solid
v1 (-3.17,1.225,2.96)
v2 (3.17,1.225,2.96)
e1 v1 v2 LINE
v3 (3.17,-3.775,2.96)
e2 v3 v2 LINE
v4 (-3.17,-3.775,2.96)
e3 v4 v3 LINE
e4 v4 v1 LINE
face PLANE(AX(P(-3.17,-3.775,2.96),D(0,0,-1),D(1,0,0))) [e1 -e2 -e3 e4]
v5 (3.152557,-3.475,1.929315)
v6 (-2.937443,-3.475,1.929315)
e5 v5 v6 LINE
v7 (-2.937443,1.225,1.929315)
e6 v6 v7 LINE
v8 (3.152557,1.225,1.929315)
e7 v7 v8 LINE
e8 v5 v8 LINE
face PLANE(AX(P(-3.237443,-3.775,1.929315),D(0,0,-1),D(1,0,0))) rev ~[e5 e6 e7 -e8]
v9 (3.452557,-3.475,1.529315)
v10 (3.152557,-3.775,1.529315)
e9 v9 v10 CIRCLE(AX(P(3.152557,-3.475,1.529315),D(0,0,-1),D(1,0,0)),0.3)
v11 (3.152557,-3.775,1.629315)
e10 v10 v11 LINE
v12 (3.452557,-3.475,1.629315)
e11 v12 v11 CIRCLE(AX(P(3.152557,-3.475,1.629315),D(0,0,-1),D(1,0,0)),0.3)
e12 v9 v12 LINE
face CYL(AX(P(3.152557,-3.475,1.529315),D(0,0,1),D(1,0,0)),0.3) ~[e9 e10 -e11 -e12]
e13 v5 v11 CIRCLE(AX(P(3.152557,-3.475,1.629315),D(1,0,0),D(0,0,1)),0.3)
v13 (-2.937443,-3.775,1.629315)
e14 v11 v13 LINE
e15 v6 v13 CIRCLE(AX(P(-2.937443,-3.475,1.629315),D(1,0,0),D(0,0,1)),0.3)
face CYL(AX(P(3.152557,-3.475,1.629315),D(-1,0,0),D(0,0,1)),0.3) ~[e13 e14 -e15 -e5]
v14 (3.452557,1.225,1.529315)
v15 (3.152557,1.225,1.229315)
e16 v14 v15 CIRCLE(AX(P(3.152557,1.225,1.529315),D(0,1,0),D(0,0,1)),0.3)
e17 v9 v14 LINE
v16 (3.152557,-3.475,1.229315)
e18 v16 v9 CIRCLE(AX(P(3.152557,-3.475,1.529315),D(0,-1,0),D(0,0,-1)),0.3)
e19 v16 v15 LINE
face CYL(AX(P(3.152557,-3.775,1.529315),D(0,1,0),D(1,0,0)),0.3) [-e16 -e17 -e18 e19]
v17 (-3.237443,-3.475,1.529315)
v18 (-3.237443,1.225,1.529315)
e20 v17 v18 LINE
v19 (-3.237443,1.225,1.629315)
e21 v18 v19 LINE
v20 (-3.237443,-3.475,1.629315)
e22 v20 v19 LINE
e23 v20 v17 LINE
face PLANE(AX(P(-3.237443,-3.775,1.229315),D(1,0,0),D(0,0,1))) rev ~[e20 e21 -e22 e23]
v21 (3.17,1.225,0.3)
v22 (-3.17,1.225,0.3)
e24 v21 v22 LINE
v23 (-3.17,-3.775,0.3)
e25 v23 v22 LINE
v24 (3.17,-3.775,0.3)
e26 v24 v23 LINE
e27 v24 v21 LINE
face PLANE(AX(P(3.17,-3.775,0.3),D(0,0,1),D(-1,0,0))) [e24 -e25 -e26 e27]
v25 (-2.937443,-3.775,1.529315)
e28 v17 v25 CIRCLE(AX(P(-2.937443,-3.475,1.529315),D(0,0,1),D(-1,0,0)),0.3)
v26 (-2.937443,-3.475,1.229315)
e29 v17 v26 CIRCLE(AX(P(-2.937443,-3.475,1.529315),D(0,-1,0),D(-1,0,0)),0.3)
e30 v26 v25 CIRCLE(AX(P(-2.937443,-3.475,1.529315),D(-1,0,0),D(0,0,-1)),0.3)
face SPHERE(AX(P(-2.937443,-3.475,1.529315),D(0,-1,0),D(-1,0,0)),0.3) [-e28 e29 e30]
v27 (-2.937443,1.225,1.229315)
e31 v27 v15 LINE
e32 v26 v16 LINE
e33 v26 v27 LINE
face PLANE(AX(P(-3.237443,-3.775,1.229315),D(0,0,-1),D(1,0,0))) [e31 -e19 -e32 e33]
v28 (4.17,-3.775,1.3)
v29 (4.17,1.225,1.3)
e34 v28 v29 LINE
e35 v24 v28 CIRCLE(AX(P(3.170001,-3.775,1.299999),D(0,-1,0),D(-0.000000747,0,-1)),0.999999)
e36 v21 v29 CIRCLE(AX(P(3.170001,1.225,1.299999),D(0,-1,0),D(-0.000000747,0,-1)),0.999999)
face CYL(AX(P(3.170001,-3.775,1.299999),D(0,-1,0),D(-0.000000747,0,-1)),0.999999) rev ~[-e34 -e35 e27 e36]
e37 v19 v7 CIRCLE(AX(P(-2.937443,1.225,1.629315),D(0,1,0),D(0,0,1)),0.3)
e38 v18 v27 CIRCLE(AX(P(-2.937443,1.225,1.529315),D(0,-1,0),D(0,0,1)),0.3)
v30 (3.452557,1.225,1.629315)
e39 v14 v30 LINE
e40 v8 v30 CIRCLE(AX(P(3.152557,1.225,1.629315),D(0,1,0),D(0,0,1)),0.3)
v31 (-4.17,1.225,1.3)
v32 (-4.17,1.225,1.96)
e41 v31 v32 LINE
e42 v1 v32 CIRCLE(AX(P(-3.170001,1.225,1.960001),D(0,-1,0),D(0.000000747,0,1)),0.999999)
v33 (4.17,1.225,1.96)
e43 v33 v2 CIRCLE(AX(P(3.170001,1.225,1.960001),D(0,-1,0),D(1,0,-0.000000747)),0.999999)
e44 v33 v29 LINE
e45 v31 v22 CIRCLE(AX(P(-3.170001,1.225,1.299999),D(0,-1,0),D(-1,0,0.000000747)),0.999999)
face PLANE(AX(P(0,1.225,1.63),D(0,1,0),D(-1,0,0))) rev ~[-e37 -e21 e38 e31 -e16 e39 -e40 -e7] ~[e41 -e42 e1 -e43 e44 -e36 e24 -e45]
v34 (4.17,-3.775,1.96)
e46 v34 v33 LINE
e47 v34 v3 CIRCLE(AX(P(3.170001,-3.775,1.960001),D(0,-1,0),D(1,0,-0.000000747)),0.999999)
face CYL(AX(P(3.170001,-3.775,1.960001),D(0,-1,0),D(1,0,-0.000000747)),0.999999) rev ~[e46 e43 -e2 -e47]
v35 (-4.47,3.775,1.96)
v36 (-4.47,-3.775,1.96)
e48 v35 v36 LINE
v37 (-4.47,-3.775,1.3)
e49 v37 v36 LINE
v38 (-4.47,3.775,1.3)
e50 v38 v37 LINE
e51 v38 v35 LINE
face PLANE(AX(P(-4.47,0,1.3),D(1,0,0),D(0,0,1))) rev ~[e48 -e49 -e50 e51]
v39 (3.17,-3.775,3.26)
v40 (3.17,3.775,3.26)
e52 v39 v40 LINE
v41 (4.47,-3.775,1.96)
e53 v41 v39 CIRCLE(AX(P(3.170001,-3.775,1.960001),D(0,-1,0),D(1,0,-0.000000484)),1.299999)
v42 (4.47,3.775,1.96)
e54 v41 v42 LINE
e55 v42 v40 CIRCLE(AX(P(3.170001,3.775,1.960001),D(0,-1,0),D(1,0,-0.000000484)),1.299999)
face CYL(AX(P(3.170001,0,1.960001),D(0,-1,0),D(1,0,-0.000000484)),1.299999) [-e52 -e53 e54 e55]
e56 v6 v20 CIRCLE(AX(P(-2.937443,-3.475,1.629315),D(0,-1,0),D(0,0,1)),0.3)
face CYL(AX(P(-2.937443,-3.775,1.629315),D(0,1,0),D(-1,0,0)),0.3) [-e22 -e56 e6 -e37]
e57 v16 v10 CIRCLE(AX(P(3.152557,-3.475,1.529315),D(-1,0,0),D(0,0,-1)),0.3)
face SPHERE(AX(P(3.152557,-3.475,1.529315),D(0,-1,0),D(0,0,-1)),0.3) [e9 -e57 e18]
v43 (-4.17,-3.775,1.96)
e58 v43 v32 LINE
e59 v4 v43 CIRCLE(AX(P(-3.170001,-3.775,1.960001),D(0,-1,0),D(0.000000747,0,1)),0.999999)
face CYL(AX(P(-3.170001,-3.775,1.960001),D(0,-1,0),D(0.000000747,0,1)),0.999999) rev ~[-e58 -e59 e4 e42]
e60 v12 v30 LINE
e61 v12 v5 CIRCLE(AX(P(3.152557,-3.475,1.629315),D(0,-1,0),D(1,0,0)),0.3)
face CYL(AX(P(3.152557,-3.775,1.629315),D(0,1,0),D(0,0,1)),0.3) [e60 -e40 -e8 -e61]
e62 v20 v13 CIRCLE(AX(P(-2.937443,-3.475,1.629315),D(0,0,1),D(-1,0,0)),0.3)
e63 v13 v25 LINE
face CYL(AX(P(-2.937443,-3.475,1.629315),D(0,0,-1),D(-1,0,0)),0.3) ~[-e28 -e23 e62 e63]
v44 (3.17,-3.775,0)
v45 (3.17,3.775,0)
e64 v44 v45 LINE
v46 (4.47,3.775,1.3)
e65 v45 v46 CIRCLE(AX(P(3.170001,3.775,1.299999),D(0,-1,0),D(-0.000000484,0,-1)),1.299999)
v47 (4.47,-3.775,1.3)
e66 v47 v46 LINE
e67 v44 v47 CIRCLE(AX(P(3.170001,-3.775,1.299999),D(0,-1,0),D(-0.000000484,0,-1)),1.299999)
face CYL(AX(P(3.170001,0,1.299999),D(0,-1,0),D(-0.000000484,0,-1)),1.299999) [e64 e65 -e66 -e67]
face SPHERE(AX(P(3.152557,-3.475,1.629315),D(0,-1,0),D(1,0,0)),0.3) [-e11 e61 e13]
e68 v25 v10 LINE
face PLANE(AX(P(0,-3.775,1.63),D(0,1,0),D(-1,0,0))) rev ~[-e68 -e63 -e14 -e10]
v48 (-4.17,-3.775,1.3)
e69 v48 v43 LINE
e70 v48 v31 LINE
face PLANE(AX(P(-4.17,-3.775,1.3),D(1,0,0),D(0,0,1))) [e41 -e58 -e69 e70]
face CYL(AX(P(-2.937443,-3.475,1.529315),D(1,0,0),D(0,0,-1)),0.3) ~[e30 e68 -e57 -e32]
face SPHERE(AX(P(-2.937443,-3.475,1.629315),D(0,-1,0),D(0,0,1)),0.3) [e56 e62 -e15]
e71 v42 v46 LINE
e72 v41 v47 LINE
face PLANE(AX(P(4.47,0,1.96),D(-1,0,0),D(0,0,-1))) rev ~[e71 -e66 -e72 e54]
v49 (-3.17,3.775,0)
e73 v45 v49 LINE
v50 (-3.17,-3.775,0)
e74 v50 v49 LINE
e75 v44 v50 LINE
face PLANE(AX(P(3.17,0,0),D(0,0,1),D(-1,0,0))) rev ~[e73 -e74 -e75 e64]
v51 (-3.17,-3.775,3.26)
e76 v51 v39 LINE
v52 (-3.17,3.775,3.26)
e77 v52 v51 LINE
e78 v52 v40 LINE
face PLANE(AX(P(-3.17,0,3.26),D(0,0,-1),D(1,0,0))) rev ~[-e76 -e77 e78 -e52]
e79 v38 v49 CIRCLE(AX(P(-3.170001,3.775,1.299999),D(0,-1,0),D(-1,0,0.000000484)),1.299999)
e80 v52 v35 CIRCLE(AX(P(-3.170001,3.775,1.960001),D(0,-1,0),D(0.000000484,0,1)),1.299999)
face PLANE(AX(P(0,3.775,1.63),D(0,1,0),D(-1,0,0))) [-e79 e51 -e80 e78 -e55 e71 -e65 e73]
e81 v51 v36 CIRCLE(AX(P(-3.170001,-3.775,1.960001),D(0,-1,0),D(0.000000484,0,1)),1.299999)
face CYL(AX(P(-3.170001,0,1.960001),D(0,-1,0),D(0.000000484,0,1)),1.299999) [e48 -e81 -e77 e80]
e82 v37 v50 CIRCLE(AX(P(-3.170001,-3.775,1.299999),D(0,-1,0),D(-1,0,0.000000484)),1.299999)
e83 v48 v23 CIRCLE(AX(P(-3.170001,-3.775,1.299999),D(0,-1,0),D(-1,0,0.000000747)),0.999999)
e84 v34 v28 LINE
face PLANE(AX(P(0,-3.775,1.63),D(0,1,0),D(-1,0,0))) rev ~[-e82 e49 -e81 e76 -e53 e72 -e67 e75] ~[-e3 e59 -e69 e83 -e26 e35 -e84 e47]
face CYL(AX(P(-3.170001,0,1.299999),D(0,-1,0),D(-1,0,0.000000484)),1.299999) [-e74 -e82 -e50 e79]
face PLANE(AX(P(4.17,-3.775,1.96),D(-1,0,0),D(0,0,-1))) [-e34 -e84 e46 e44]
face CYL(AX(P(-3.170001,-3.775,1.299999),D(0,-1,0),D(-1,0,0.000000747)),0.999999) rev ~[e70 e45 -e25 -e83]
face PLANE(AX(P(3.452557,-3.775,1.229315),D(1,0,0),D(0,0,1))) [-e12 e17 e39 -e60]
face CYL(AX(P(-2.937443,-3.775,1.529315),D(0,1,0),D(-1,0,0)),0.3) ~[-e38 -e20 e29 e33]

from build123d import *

# Parameters (mm, degrees)
PAD_DEPTH    = 3.775
SKETCH001_W  = 6.69
SKETCH001_H  = 0.7
POCKET_DEPTH = 5
FILLET_R     = 0.3
FILLET001_R  = 0.3


with BuildPart() as part:
    # Sketch → Pad (new body, symmetric)
    with BuildSketch(Plane.XZ):
        with BuildLine():
            Line((-3.17, 3.26), (3.17, 3.26))
            ThreePointArc((4.47, 1.96), (4.089239, 2.879239), (3.17, 3.26))
            Line((4.47, 1.96), (4.47, 1.3))
            ThreePointArc((3.17, 0), (4.089239, 0.380761), (4.47, 1.3))
            Line((3.17, 0), (-3.17, 0))
            ThreePointArc((-4.47, 1.3), (-4.089239, 0.380761), (-3.17, 0))
            Line((-4.47, 1.3), (-4.47, 1.96))
            ThreePointArc((-3.17, 3.26), (-4.089239, 2.879239), (-4.47, 1.96))
        make_face()
    extrude(amount=PAD_DEPTH, both=True)

    # Sketch001 (on Face10 of Pad) → Pocket (cut)
    with BuildSketch(Plane.XZ.offset(3.775)):
        with BuildLine():
            Line((-3.17, 2.96), (3.17, 2.96))
            ThreePointArc((4.17, 1.96), (3.877107, 2.667107), (3.17, 2.96))
            Line((4.17, 1.96), (4.17, 1.3))
            ThreePointArc((3.17, 0.3), (3.877107, 0.592893), (4.17, 1.3))
            Line((3.17, 0.3), (-3.17, 0.3))
            ThreePointArc((-4.17, 1.3), (-3.877107, 0.592893), (-3.17, 0.3))
            Line((-4.17, 1.3), (-4.17, 1.96))
            ThreePointArc((-3.17, 2.96), (-3.877107, 2.667107), (-4.17, 1.96))
        make_face()
        with Locations((0.107557, 1.579315)):
            Rectangle(SKETCH001_W, SKETCH001_H, mode=Mode.SUBTRACT)
    extrude(amount=-POCKET_DEPTH, mode=Mode.SUBTRACT)

    # Fillet
    fillet_edges = [part.edges().sort_by_distance(p)[0] for p in [
        (3.452557, -1.275, 1.229315),
        (3.452557, -1.275, 1.929315),
        (-3.237443, -1.275, 1.929315),
        (-3.237443, -1.275, 1.229315),
    ]]
    fillet(fillet_edges, radius=FILLET_R)

    # Fillet001
    fillet001_edges = [part.edges().sort_by_distance(p)[0] for p in [
        (0.107557, -3.775, 1.229315),
        (3.364689, -3.775, 1.317183),
        (-3.149575, -3.775, 1.317183),
        (3.452557, -3.775, 1.579315),
        (-3.237443, -3.775, 1.579315),
        (3.364689, -3.775, 1.841447),
        (-3.149575, -3.775, 1.841447),
        (0.107557, -3.775, 1.929315),
    ]]
    fillet(fillet001_edges, radius=FILLET001_R)


solid = part.part
